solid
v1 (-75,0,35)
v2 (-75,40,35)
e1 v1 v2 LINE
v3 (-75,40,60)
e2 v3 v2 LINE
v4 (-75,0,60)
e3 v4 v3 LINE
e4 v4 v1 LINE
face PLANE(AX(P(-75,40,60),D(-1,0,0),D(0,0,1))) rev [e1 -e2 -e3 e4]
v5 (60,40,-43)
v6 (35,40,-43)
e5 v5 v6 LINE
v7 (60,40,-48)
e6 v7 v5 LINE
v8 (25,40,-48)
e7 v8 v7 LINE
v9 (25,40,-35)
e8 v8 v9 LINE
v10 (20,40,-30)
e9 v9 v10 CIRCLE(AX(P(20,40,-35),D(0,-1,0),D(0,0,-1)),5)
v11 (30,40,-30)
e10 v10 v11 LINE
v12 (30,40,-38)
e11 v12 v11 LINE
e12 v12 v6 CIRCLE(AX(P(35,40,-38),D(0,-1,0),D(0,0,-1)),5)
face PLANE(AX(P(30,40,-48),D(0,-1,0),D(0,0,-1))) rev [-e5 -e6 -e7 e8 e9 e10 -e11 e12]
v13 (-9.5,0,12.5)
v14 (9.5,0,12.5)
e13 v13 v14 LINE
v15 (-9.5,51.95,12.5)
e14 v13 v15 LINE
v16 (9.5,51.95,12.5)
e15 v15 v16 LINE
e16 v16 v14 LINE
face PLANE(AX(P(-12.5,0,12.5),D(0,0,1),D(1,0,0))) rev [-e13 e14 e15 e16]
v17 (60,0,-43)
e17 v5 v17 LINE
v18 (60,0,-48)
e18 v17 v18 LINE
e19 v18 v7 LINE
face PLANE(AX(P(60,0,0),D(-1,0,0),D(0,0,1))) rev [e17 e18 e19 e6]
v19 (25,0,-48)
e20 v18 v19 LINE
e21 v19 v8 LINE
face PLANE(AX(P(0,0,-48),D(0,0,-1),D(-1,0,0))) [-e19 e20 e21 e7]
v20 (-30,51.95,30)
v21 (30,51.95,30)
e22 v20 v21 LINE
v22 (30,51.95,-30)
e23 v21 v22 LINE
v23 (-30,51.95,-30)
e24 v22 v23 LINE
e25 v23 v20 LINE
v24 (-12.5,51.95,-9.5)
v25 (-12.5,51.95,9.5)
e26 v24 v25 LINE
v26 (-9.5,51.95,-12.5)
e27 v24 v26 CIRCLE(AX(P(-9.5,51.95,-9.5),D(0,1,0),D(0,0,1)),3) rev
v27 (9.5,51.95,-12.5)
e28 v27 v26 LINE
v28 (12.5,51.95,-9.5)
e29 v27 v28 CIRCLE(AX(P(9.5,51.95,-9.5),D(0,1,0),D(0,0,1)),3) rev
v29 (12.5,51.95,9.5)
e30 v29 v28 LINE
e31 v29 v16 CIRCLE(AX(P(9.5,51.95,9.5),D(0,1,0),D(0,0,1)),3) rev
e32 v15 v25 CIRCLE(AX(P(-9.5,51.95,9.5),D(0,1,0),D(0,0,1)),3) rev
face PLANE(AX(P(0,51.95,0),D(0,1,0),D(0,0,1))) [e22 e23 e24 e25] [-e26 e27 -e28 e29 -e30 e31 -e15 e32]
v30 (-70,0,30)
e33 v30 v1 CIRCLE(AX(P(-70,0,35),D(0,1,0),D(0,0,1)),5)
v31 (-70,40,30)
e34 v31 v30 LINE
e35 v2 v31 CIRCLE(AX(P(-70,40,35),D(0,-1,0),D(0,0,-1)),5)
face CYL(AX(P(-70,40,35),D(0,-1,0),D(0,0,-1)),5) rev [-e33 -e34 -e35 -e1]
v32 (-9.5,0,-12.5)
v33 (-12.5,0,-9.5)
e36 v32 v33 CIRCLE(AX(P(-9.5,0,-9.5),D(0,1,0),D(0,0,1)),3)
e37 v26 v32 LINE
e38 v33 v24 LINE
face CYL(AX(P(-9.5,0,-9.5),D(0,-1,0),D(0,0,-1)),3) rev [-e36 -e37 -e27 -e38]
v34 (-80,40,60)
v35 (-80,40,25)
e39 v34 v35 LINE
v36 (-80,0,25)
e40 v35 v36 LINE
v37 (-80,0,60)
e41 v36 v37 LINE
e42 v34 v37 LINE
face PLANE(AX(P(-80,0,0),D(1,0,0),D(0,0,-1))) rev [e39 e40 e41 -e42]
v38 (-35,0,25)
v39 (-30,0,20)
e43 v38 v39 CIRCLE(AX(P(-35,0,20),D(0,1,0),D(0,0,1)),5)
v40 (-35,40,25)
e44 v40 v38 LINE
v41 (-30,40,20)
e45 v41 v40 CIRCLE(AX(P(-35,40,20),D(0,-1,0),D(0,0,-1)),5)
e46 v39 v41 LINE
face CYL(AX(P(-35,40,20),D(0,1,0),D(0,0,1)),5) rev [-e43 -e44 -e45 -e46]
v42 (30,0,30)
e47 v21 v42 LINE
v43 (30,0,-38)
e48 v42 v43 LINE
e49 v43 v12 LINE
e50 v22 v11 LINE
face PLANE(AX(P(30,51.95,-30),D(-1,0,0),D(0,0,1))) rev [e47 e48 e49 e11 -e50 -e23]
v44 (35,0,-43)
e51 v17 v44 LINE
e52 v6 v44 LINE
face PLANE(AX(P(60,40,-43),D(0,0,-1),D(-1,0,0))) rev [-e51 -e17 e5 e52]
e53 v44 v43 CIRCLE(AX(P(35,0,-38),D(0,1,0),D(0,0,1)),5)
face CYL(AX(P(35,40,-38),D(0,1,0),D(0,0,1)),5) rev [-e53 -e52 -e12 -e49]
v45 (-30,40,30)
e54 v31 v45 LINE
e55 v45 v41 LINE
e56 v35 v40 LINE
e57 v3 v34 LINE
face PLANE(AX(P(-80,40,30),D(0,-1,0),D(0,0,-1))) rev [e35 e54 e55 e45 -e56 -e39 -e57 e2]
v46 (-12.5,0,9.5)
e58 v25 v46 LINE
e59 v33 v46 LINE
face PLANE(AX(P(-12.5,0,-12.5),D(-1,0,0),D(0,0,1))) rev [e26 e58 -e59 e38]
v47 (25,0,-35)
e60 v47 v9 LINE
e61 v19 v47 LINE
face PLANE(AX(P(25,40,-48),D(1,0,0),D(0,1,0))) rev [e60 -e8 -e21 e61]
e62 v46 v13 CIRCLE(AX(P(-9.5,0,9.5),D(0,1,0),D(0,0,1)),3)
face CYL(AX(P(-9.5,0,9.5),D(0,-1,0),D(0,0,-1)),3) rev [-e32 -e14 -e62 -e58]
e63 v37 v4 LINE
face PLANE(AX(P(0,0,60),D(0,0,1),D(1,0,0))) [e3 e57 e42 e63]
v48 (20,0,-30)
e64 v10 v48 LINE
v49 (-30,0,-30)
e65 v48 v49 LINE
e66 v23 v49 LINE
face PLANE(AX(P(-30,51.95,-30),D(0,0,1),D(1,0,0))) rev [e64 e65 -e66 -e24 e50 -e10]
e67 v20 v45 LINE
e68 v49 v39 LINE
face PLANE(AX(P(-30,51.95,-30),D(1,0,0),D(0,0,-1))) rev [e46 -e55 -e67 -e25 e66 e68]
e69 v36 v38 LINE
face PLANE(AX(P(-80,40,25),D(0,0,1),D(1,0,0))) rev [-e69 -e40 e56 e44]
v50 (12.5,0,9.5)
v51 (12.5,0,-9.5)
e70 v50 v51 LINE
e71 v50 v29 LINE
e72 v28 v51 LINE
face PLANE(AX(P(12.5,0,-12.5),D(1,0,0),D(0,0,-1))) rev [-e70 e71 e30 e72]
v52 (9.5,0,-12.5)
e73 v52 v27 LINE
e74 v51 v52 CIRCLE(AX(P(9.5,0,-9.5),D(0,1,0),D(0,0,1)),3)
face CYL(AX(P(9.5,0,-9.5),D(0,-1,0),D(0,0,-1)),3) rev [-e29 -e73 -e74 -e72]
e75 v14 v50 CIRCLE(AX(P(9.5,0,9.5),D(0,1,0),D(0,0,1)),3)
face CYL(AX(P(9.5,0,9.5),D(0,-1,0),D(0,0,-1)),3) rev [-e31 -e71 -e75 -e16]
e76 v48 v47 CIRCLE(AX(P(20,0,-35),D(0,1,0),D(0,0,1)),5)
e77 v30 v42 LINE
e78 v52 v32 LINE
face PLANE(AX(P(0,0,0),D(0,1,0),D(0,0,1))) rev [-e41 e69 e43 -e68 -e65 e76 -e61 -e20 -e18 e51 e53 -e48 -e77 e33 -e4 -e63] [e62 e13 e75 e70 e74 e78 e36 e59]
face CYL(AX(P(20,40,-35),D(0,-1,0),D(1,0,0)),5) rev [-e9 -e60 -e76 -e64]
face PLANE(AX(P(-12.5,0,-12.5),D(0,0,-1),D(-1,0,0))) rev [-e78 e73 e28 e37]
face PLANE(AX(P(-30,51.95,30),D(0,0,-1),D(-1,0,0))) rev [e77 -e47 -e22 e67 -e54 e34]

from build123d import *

# Parameters (mm, degrees)
SKETCH1_W           = 60
SKETCH1_H           = 60
BOSS_EXTRUDE1_DEPTH = 51.95
SKETCH3_W           = 5
SKETCH3_H           = 40
BOSS_EXTRUDE2_DEPTH = 18
SKETCH4_W           = 5
SKETCH4_H           = 40
BOSS_EXTRUDE3_DEPTH = 30
SKETCH5_W           = 5
SKETCH5_H           = 40
BOSS_EXTRUDE4_DEPTH = 50
SKETCH6_W           = 5
SKETCH6_H           = 40
BOSS_EXTRUDE5_DEPTH = 30
SKETCH7_W           = 25
SKETCH7_H           = 25
CUT_EXTRUDE1_DEPTH  = 52.95
FILLET1_R           = 3
FILLET2_R           = 5
FILLET3_R           = 5


with BuildPart() as part:
    # Sketch1 → Boss-Extrude1 (new body)
    with BuildSketch(Plane(origin=(0, 0, 0), x_dir=(1, 0, 0), z_dir=(0, 1, 0))):
        Rectangle(SKETCH1_W, SKETCH1_H)
    extrude(amount=BOSS_EXTRUDE1_DEPTH)

    # Sketch3 → Boss-Extrude2 (add)
    with BuildSketch(Plane(origin=(0, 0, -30), x_dir=(-1, 0, 0), z_dir=(0, 0, -1))):
        with Locations((-27.5, 20)):
            Rectangle(SKETCH3_W, SKETCH3_H)
    extrude(amount=BOSS_EXTRUDE2_DEPTH)

    # Sketch4 → Boss-Extrude3 (add)
    with BuildSketch(Plane(origin=(30, 0, 0), x_dir=(0, 0, -1), z_dir=(1, 0, 0))):
        with Locations((45.5, 20)):
            Rectangle(SKETCH4_W, SKETCH4_H)
    extrude(amount=BOSS_EXTRUDE3_DEPTH)

    # Sketch5 → Boss-Extrude4 (add)
    with BuildSketch(Plane.ZY.offset(30)):
        with Locations((27.5, 20)):
            Rectangle(SKETCH5_W, SKETCH5_H)
    extrude(amount=BOSS_EXTRUDE4_DEPTH)

    # Sketch6 → Boss-Extrude5 (add)
    with BuildSketch(Plane.XY.offset(30)):
        with Locations((-77.5, 20)):
            Rectangle(SKETCH6_W, SKETCH6_H)
    extrude(amount=BOSS_EXTRUDE5_DEPTH)

    # Sketch7 → Cut-Extrude1 (cut, through all)
    with BuildSketch(Plane(origin=(0, 51.95, 0), x_dir=(1, 0, 0), z_dir=(0, 1, 0))):
        Rectangle(SKETCH7_W, SKETCH7_H)
    extrude(amount=-CUT_EXTRUDE1_DEPTH, mode=Mode.SUBTRACT)

    # Fillet1
    fillet1_edges = [part.edges().sort_by_distance(p)[0] for p in [
        (12.5, 25.975, -12.5),
        (12.5, 25.975, 12.5),
        (-12.5, 25.975, 12.5),
        (-12.5, 25.975, -12.5),
    ]]
    fillet(fillet1_edges, radius=FILLET1_R)

    # Fillet2
    fillet2_edges = [part.edges().sort_by_distance(p)[0] for p in [
        (30, 20, -43),
        (-75, 20, 30),
    ]]
    fillet(fillet2_edges, radius=FILLET2_R)

    # Fillet3
    fillet3_edges = [part.edges().sort_by_distance(p)[0] for p in [
        (25, 20, -30),
        (-30, 20, 25),
    ]]
    fillet(fillet3_edges, radius=FILLET3_R)


solid = part.part
